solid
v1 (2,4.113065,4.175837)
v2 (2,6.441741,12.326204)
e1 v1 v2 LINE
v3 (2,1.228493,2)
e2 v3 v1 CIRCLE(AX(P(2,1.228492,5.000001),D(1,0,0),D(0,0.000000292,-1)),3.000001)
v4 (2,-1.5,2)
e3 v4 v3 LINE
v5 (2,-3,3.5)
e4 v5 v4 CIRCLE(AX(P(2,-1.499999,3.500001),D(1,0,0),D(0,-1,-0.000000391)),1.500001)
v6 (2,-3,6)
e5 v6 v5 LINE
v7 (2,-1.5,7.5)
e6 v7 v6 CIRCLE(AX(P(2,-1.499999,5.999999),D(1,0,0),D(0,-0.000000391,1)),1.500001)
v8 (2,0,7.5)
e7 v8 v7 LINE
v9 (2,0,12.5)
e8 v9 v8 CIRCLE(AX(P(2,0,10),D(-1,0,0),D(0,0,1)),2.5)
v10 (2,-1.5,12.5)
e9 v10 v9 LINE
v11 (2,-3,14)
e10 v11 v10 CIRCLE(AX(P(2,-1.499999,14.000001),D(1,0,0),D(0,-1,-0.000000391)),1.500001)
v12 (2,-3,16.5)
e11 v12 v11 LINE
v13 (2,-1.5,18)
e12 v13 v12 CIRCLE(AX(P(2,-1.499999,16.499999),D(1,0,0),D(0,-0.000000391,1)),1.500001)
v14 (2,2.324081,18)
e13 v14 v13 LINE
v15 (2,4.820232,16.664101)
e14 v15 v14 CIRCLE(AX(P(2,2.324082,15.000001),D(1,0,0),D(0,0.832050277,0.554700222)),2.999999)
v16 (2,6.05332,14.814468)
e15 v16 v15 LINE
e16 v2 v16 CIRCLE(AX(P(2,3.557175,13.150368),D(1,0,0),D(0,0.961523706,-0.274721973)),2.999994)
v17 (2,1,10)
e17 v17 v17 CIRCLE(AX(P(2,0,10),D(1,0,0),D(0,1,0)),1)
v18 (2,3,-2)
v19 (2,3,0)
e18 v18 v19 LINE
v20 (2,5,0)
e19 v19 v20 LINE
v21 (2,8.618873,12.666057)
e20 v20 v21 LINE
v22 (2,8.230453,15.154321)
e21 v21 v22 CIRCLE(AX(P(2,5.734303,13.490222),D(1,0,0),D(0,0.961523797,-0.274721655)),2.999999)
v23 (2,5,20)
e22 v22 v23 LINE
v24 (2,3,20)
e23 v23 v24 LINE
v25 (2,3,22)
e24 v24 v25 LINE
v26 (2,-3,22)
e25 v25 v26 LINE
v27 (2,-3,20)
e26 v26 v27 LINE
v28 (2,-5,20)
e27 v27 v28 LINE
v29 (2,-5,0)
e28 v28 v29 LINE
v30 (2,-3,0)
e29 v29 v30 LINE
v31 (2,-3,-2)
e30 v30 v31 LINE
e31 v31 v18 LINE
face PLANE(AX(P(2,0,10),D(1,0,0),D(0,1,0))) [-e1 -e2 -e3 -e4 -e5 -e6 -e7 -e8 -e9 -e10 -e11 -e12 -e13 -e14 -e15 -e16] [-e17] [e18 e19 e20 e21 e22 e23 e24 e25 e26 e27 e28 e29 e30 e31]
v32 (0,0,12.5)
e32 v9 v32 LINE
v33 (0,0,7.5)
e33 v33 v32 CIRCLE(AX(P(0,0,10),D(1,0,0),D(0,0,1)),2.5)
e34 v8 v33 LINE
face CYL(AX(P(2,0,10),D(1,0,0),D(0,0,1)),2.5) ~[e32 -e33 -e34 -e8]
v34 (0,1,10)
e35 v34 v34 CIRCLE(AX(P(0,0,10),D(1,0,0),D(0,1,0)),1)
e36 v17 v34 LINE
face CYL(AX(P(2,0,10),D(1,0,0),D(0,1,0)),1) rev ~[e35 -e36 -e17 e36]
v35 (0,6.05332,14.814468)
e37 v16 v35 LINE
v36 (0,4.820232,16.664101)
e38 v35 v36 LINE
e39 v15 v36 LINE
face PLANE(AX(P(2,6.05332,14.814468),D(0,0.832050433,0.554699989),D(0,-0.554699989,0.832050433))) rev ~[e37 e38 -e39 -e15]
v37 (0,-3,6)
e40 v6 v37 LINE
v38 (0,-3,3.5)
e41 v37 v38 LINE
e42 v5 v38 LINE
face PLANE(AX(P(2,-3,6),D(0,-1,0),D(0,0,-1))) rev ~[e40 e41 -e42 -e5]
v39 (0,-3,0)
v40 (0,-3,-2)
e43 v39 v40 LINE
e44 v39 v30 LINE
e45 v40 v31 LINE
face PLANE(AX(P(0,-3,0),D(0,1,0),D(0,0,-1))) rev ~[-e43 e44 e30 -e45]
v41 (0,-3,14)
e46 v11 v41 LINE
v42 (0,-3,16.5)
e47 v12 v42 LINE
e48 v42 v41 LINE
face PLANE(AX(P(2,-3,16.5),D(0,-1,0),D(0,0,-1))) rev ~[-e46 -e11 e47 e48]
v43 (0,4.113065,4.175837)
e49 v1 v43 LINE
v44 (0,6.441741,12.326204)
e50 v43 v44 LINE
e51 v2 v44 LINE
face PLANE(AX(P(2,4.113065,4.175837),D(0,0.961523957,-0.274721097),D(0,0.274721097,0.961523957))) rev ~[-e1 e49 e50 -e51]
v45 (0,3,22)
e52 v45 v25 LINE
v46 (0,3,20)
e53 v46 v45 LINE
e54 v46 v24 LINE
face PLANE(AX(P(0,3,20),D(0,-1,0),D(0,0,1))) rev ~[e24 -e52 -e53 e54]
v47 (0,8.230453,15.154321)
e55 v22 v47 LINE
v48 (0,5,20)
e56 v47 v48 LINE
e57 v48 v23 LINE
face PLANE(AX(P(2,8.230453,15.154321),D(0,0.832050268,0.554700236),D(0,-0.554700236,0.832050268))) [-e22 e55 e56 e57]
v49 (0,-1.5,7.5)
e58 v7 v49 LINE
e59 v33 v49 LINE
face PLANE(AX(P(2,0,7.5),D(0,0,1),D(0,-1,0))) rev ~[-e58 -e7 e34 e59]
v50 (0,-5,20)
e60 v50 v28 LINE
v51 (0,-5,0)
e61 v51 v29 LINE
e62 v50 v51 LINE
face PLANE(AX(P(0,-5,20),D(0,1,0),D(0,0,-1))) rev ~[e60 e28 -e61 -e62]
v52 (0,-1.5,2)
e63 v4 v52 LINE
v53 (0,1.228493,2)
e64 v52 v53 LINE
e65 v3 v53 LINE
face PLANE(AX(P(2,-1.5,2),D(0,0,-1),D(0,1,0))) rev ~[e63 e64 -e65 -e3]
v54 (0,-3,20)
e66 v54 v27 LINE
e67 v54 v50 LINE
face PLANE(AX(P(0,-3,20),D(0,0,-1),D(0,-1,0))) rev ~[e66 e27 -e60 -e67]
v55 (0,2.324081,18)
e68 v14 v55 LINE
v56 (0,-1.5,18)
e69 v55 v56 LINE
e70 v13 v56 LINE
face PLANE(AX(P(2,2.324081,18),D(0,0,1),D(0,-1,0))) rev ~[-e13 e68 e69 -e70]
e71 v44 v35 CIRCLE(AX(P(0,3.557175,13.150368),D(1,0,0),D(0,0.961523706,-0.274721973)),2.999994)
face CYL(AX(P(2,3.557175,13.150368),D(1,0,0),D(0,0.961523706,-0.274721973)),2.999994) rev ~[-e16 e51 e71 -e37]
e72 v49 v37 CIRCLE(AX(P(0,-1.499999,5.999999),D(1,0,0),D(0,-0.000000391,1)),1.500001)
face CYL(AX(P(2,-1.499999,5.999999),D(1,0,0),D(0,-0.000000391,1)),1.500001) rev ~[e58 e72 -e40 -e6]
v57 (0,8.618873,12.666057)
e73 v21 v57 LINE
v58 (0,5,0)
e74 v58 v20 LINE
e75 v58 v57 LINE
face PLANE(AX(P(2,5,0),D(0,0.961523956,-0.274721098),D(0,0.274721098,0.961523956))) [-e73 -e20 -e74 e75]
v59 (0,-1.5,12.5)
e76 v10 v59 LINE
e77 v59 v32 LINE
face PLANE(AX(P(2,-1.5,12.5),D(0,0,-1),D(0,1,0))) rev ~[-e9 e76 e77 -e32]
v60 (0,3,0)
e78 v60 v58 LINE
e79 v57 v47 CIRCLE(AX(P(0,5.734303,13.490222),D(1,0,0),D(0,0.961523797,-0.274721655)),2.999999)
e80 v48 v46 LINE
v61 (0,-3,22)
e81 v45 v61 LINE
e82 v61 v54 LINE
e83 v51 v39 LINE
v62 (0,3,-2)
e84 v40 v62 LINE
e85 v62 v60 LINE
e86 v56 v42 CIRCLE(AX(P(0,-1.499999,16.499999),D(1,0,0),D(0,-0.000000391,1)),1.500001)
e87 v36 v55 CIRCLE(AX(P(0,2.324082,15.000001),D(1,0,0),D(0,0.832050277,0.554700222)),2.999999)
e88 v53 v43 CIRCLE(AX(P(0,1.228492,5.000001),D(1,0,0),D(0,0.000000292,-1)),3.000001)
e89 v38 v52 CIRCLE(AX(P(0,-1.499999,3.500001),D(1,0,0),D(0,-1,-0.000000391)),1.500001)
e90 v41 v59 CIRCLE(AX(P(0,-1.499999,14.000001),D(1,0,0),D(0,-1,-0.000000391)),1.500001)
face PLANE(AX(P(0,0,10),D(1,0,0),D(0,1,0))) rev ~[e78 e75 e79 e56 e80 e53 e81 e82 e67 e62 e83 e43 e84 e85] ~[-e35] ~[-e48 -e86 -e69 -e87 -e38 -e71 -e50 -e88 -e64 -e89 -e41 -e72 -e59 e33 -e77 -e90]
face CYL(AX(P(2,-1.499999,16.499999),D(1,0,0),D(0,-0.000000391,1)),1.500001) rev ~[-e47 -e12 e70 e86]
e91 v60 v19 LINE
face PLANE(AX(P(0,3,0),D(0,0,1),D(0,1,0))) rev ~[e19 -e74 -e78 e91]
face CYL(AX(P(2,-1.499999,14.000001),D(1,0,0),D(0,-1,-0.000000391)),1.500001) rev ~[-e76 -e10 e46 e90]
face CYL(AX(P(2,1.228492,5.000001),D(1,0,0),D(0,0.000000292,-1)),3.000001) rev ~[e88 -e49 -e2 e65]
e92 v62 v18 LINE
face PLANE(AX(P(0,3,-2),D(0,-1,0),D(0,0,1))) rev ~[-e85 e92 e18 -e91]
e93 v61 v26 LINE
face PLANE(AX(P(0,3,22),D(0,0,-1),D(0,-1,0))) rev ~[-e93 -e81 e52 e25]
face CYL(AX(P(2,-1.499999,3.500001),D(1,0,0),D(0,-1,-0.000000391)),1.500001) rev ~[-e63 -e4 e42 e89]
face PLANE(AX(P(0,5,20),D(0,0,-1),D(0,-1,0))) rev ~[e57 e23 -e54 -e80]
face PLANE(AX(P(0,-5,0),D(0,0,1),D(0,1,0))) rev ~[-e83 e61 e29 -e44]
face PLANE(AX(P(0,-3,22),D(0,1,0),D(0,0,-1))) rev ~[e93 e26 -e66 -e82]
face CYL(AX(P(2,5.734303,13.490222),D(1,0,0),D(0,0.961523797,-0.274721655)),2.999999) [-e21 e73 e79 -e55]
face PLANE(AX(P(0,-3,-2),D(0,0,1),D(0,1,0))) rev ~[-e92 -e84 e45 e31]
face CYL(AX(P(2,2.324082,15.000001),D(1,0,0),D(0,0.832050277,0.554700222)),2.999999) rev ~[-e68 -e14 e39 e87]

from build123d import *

# Parameters (mm, degrees)
F1_DEPTH = 2
F3_DEPTH = 2
F4_R     = 1
F5_DEPTH = 2.001
F7_DEPTH = 2.001


with BuildPart() as f1:
    # F0 (on Right) → F1 (new body)
    with BuildSketch(Plane.YZ):
        Polygon((-3, 0), (-3, -2), (3, -2), (3, 0), (5, 0), (5, 20), (3, 20), (3, 22), (-3, 22), (-3, 20), (-5, 20), (-5, 0), align=None)
    extrude(amount=F1_DEPTH)

    # F2 (on face) → F3 (join, through all)
    with BuildSketch(Plane.YZ.offset(2)):
        with BuildLine():
            Line((3, 0), (5, 0))
            Line((5, 0), (8.618873, 12.666057))
            ThreePointArc((8.618873, 12.666057), (8.698405, 13.952921), (8.230453, 15.154321))
            Line((8.230453, 15.154321), (5, 20))
            Line((5, 20), (3, 20))
            Line((3, 20), (3, 0))
        make_face()
    extrude(amount=-F3_DEPTH)

    # F4 (on face) → F5 (cut, through all)
    with BuildSketch(Plane.YZ.offset(2)):
        with Locations((0, 10)):
            Circle(F4_R)
    extrude(amount=-F5_DEPTH, mode=Mode.SUBTRACT)

    # F6 (on face) → F7 (cut, through all)
    with BuildSketch(Plane.YZ.offset(2)):
        with BuildLine():
            ThreePointArc((1.228493, 2), (3.035079, 2.604954), (4.113065, 4.175837))
            Line((4.113065, 4.175837), (6.441741, 12.326204))
            ThreePointArc((6.441741, 12.326204), (6.521273, 13.613068), (6.05332, 14.814468))
            Line((6.05332, 14.814468), (4.820232, 16.664101))
            ThreePointArc((4.820232, 16.664101), (3.739655, 17.645024), (2.324081, 18))
            Line((2.324081, 18), (-1.5, 18))
            ThreePointArc((-1.5, 18), (-2.56066, 17.56066), (-3, 16.5))
            Line((-3, 16.5), (-3, 14))
            ThreePointArc((-3, 14), (-2.56066, 12.93934), (-1.5, 12.5))
            Line((-1.5, 12.5), (0, 12.5))
            ThreePointArc((0, 12.5), (2.5, 10), (0, 7.5))
            Line((0, 7.5), (-1.5, 7.5))
            ThreePointArc((-1.5, 7.5), (-2.56066, 7.06066), (-3, 6))
            Line((-3, 6), (-3, 3.5))
            ThreePointArc((-3, 3.5), (-2.56066, 2.43934), (-1.5, 2))
            Line((-1.5, 2), (1.228493, 2))
        make_face()
    extrude(amount=-F7_DEPTH, mode=Mode.SUBTRACT)


solid = f1.part
